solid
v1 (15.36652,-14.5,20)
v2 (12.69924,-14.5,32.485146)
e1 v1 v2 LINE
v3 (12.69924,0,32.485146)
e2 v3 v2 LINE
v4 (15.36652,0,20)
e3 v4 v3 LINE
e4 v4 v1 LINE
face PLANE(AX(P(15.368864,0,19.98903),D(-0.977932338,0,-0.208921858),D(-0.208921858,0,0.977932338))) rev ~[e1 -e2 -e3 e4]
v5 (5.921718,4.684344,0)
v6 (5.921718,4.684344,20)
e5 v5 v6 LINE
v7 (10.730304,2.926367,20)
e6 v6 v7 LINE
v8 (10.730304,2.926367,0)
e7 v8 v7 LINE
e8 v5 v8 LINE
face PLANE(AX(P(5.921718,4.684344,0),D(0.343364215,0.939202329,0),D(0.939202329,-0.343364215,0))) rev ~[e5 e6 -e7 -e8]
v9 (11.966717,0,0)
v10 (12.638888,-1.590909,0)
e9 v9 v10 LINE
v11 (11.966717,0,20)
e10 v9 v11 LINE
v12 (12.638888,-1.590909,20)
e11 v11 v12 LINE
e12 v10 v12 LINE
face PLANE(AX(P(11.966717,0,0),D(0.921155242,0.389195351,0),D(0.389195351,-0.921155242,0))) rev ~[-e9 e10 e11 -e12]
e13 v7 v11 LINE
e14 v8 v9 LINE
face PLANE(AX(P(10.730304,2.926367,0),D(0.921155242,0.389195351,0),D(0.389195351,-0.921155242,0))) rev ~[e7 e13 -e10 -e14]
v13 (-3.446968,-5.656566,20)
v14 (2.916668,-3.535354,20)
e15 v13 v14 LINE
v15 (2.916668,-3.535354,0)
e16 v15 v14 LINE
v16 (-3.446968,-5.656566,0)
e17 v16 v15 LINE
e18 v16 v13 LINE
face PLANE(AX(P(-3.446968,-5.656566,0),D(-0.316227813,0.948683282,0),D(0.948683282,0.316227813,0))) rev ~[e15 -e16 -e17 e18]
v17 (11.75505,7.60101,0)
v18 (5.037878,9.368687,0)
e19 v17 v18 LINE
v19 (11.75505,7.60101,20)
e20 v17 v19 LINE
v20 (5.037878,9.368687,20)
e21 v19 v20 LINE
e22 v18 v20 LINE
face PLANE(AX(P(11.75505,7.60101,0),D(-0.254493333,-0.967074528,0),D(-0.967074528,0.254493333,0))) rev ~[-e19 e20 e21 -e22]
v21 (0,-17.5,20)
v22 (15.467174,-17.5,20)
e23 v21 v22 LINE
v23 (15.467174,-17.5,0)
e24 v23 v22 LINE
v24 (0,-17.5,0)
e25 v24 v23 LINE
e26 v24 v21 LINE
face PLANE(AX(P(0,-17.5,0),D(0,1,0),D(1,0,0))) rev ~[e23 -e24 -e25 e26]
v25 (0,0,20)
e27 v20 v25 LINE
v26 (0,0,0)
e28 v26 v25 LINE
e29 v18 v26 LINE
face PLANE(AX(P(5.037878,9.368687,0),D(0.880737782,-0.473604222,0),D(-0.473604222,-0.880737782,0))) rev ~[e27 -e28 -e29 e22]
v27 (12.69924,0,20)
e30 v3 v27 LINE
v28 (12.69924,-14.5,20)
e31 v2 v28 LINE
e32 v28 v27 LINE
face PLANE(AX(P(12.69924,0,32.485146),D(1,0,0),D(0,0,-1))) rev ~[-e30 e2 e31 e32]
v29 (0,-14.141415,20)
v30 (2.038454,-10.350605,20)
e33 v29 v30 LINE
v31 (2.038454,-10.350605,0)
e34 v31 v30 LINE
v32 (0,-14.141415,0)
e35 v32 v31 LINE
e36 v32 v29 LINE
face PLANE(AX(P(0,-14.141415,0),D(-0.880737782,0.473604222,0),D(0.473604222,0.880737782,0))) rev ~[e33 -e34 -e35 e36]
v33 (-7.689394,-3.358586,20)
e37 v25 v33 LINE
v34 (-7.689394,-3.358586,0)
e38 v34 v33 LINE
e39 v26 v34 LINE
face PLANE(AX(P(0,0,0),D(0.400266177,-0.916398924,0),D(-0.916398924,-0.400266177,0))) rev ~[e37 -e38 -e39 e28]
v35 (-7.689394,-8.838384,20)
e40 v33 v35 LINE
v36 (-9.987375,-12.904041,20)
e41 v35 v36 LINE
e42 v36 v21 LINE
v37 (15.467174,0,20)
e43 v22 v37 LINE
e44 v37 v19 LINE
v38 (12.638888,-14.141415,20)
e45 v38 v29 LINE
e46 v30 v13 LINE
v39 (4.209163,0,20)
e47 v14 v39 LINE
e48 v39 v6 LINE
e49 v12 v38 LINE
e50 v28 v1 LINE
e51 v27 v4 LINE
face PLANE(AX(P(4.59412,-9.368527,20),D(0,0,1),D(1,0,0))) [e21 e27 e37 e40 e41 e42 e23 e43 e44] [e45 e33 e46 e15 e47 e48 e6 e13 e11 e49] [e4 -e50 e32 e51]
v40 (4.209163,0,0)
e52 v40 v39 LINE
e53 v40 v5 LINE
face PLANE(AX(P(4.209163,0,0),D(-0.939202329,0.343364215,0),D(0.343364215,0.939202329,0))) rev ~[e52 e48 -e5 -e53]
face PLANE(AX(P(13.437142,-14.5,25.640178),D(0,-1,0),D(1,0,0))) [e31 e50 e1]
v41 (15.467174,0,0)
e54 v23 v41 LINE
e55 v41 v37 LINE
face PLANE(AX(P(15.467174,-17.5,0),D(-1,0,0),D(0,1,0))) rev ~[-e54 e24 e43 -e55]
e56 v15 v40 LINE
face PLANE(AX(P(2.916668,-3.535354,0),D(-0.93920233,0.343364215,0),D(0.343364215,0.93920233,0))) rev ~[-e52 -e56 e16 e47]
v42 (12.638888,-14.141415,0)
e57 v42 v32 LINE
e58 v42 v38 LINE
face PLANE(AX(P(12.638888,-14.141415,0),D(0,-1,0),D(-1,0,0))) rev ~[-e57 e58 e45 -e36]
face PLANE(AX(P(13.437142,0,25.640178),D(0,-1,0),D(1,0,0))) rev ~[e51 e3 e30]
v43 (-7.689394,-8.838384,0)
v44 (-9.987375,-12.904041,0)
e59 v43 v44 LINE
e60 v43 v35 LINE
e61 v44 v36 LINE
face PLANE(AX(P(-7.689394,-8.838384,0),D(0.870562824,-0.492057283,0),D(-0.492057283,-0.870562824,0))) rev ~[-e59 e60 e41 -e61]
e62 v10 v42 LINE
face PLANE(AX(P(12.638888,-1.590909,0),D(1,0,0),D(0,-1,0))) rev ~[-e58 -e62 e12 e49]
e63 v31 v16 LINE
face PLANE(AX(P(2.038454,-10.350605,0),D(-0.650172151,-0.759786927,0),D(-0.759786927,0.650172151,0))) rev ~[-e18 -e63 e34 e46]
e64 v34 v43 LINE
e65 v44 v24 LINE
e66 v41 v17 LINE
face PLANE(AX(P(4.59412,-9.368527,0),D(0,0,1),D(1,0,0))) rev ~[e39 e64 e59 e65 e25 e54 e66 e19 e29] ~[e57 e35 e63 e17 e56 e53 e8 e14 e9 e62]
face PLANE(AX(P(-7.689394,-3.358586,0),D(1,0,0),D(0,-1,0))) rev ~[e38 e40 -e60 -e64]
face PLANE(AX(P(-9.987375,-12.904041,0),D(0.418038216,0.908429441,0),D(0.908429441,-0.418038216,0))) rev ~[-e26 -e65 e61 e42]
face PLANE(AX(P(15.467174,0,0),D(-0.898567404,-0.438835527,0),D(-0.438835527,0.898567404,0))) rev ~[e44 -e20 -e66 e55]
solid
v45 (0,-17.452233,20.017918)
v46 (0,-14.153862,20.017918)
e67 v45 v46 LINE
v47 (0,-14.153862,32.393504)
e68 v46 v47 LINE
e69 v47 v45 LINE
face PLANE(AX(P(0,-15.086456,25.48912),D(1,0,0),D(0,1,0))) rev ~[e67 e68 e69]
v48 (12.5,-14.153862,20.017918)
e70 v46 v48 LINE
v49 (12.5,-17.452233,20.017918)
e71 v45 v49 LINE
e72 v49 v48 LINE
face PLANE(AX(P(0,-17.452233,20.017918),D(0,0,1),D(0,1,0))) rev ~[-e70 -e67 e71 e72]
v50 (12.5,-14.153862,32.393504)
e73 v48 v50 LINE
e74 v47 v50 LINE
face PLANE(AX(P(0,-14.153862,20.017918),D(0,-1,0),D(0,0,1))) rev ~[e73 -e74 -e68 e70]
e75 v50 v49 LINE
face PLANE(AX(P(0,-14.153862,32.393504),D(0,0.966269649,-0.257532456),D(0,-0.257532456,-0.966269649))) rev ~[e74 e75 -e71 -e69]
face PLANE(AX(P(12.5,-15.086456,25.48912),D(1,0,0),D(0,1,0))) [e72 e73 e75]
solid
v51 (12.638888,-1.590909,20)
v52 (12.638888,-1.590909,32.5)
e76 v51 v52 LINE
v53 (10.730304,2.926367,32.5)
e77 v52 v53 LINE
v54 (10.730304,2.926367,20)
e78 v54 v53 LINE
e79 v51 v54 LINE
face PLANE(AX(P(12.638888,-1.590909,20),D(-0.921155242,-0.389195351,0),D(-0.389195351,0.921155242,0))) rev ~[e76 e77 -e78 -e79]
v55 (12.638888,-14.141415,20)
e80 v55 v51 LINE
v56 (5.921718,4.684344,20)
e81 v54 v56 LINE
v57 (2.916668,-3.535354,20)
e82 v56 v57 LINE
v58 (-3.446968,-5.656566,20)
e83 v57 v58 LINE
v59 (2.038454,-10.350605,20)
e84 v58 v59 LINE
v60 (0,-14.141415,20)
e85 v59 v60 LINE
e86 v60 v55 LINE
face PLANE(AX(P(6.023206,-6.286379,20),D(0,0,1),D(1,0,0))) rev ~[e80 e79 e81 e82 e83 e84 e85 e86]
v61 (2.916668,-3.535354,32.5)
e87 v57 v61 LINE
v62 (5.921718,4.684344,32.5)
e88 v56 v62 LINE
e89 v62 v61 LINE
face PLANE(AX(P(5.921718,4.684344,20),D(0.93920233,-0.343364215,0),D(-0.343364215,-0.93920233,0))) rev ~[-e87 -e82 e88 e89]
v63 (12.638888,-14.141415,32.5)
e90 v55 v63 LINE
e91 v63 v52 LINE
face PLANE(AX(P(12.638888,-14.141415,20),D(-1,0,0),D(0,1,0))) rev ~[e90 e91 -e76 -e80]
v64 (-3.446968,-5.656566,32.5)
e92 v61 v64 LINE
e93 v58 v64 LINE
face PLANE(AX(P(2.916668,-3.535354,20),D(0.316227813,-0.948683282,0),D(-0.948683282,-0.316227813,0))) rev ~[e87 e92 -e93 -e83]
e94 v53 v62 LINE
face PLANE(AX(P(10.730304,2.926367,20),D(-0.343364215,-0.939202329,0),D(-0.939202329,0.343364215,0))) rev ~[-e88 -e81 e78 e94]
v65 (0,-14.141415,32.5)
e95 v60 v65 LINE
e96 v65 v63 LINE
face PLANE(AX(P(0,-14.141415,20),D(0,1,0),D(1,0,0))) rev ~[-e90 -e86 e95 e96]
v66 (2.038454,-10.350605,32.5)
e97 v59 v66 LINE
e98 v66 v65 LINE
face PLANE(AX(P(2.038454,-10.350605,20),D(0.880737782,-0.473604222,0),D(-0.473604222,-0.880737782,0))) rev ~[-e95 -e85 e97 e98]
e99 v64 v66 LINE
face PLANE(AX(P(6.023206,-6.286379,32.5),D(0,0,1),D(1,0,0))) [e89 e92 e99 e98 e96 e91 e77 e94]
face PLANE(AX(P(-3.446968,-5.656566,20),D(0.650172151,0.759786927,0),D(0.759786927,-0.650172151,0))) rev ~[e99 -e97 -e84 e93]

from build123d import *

# Parameters (mm, degrees)
F1_DEPTH = 20
F3_DEPTH = 12.5
F5_DEPTH = 12.5
F7_DEPTH = 14.5


with BuildPart() as f1:
    # F0 (on Top) → F1 (new body)
    with BuildSketch(Plane.XY):
        Polygon((4.2091628588, 0), (0, 0), (-7.6893941317, -3.3585857784), (-7.6893941317, -8.8383838224), (-9.9873745708, -12.9040412375), (0, -17.5), (15.4671736725, -17.5), (15.4671736725, 0), (11.9667165624, 0), (12.6388881837, -1.5909090669), (12.6388881837, -14.1414147504), (0, -14.1414147504), (2.0384542777, -10.350604583), (-3.4469682786, -5.6565662175), (2.9166682534, -3.5353536876), align=None)
        Polygon((5.0378784032, 9.3686872854), (0, 0), (4.2091628588, 0), (5.9217182135, 4.6843436427), (10.7303036149, 2.92636658), (11.9667165624, 0), (15.4671736725, 0), (11.7550499601, 7.6010103094), align=None)
    extrude(amount=F1_DEPTH)

    # F6 (on Front) → F7 (join)
    with BuildSketch(Plane.XZ):
        Polygon((12.6992398873, 19.9890304357), (15.3688639402, 19.9890304357), (12.6992398873, 32.4851460755), align=None)
    extrude(amount=F7_DEPTH)


with BuildPart() as f3:
    # F2 (on face) → F3 (new body)
    with BuildSketch(Plane.XY.offset(20)):
        Polygon((2.9166682534, -3.5353536876), (-3.4469682786, -5.6565662175), (2.0384542777, -10.350604583), (0, -14.1414147504), (12.6388881837, -14.1414147504), (12.6388881837, -1.5909090669), (10.7303036149, 2.92636658), (5.9217182135, 4.6843436427), align=None)
    extrude(amount=F3_DEPTH)


with BuildPart() as f5:
    # F4 (on Right) → F5 (new body)
    with BuildSketch(Plane.YZ):
        Polygon((-14.153862372, 20.0179181993), (-14.153862372, 32.3935039341), (-17.4522325397, 20.0179181993), align=None)
    extrude(amount=F5_DEPTH)


solid = Compound([f1.part, f3.part, f5.part])
